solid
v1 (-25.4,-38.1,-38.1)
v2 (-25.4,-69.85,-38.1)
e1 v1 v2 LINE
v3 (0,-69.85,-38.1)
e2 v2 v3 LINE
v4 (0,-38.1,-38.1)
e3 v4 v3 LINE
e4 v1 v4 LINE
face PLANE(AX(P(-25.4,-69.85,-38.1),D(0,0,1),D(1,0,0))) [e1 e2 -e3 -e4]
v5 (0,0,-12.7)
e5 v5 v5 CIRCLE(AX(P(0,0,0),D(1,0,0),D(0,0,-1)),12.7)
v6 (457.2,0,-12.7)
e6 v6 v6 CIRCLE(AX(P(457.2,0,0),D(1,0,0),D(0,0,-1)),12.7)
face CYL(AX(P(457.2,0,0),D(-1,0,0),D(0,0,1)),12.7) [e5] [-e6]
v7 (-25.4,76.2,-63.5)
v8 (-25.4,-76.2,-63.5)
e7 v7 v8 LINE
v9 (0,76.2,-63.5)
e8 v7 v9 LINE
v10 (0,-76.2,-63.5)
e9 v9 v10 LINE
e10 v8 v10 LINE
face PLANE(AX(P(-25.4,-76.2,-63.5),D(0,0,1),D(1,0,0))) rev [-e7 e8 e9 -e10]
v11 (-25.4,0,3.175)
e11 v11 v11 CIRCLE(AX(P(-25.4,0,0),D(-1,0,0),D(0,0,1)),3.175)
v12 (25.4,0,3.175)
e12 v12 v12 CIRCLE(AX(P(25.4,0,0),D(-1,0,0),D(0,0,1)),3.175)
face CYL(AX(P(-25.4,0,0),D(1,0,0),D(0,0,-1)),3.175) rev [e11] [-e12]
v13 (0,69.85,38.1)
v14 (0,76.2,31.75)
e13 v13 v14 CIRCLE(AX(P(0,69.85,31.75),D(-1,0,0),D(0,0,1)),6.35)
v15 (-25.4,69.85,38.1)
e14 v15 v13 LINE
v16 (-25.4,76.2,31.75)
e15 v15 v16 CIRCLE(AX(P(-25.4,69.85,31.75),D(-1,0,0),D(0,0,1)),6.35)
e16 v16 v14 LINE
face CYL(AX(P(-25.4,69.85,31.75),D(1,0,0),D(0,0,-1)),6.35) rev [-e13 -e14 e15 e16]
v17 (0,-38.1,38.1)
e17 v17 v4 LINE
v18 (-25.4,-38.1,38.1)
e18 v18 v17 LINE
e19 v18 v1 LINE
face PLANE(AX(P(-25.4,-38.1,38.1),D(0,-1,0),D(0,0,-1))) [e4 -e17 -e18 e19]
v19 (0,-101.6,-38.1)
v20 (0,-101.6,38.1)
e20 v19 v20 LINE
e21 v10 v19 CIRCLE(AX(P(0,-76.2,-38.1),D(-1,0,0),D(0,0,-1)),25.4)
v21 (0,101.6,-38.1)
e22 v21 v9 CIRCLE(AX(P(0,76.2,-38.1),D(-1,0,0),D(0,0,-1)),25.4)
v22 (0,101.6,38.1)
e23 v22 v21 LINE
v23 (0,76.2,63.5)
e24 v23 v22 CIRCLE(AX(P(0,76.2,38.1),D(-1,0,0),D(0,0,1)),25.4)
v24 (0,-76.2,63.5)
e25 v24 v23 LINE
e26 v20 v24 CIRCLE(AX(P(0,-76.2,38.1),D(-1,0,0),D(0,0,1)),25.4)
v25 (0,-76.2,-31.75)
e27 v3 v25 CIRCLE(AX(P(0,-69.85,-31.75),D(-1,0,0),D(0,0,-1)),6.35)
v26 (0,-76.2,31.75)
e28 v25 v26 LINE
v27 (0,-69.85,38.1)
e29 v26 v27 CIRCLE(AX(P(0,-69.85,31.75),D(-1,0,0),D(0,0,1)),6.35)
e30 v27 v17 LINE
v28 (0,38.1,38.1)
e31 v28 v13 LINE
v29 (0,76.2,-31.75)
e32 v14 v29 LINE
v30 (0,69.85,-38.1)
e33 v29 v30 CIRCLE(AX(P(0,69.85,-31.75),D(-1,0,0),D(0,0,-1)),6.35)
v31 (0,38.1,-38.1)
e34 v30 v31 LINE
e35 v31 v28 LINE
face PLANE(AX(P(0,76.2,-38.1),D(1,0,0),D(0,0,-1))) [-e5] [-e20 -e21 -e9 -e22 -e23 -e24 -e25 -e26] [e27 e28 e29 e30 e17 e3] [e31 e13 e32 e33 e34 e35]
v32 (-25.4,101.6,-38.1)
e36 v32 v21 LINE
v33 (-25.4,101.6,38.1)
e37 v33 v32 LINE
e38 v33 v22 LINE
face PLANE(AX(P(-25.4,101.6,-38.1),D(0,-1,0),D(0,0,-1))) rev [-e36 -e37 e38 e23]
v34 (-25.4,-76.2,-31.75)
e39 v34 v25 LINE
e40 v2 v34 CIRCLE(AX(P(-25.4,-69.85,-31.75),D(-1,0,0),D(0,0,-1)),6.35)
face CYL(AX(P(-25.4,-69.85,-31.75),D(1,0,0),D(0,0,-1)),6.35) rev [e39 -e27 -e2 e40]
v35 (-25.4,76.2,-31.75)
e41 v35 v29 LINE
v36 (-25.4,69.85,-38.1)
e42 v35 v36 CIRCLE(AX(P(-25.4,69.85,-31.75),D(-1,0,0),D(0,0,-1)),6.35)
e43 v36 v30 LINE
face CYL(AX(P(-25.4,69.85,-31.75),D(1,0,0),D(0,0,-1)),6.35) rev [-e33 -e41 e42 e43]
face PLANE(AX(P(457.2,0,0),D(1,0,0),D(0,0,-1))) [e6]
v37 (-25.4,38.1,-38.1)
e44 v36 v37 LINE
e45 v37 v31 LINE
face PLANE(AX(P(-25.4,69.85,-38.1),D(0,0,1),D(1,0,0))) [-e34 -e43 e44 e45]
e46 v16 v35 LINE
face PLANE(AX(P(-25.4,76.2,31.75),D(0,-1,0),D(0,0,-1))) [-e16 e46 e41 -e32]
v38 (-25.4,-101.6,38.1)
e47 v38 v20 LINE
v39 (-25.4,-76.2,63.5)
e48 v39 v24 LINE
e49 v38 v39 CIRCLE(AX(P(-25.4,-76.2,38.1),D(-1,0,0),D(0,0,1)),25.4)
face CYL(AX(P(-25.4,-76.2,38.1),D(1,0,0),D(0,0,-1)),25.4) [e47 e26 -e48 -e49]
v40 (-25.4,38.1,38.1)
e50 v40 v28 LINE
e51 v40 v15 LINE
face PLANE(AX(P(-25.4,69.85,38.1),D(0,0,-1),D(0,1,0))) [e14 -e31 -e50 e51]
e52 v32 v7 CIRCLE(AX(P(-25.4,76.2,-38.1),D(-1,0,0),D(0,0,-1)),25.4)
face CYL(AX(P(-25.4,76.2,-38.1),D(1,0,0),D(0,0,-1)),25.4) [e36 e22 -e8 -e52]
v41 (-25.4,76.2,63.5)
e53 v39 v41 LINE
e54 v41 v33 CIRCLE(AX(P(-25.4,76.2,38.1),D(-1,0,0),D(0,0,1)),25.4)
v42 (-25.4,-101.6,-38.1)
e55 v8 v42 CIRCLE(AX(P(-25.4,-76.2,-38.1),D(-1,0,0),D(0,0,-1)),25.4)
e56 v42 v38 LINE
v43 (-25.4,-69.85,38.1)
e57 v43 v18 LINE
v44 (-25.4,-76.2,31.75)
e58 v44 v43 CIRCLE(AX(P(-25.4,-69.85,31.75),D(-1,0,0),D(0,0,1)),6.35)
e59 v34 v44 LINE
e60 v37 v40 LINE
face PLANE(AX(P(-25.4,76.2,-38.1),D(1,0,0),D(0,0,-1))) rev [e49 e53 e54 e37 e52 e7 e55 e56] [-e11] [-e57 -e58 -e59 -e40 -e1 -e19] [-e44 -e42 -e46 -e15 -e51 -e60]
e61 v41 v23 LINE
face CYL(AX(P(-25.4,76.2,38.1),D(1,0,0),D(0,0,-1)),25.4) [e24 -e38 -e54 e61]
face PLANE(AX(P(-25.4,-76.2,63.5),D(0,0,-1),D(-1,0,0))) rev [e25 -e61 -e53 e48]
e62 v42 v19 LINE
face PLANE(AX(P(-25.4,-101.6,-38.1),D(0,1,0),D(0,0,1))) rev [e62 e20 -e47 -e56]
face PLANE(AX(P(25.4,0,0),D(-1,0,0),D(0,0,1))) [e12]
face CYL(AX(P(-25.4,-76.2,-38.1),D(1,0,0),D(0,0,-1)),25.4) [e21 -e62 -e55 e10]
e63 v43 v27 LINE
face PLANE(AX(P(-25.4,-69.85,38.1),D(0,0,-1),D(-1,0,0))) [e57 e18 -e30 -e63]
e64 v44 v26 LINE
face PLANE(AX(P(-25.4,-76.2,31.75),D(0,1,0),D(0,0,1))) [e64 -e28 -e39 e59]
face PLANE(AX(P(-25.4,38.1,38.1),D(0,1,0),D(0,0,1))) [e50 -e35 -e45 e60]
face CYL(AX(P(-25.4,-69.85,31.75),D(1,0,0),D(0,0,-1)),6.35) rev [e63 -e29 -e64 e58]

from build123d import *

# Parameters (mm, degrees)
SKETCH1_R           = 12.7
BOSS_EXTRUDE1_DEPTH = 457.2
SKETCH2_R           = 3.175
BOSS_EXTRUDE2_DEPTH = 25.4
CUT_EXTRUDE1_START  = -50.8
SKETCH3_R           = 3.175
CUT_EXTRUDE1_DEPTH  = 50.8


with BuildPart() as part:
    # Sketch1 → Boss-Extrude1 (new body)
    with BuildSketch(Plane(origin=(0, 0, 0), x_dir=(0, 0, -1), z_dir=(1, 0, 0))):
        Circle(SKETCH1_R)
    extrude(amount=BOSS_EXTRUDE1_DEPTH)

    # Sketch2 → Boss-Extrude2 (add)
    with BuildSketch(Plane.ZY):
        with BuildLine():
            Line((-38.1, -101.6), (38.1, -101.6))
            ThreePointArc((38.1, -101.6), (56.060512242, -94.160512242), (63.5, -76.2))
            Line((63.5, -76.2), (63.5, 76.2))
            ThreePointArc((63.5, 76.2), (56.060512242, 94.160512242), (38.1, 101.6))
            Line((38.1, 101.6), (-38.1, 101.6))
            ThreePointArc((-38.1, 101.6), (-56.060512242, 94.160512242), (-63.5, 76.2))
            Line((-63.5, 76.2), (-63.5, -76.2))
            ThreePointArc((-63.5, -76.2), (-56.060512242, -94.160512242), (-38.1, -101.6))
        make_face()
        Circle(SKETCH2_R, mode=Mode.SUBTRACT)
        with BuildLine():
            Line((31.75, 76.2), (-31.75, 76.2))
            ThreePointArc((-31.75, 76.2), (-36.240128061, 74.340128061), (-38.1, 69.85))
            Line((-38.1, 69.85), (-38.1, 38.1))
            Line((-38.1, 38.1), (38.1, 38.1))
            Line((38.1, 38.1), (38.1, 69.85))
            ThreePointArc((38.1, 69.85), (36.240128061, 74.340128061), (31.75, 76.2))
        make_face(mode=Mode.SUBTRACT)
        with BuildLine():
            Line((31.75, -76.2), (-31.75, -76.2))
            ThreePointArc((-31.75, -76.2), (-36.240128061, -74.340128061), (-38.1, -69.85))
            Line((-38.1, -69.85), (-38.1, -38.1))
            Line((-38.1, -38.1), (38.1, -38.1))
            Line((38.1, -38.1), (38.1, -69.85))
            ThreePointArc((38.1, -69.85), (36.240128061, -74.340128061), (31.75, -76.2))
        make_face(mode=Mode.SUBTRACT)
    extrude(amount=BOSS_EXTRUDE2_DEPTH)

    # Sketch3 → Cut-Extrude1 (cut)
    with BuildSketch(Plane.ZY.offset(25.4).offset(CUT_EXTRUDE1_START)):
        Circle(SKETCH3_R)
    extrude(amount=CUT_EXTRUDE1_DEPTH, mode=Mode.SUBTRACT)


solid = part.part
